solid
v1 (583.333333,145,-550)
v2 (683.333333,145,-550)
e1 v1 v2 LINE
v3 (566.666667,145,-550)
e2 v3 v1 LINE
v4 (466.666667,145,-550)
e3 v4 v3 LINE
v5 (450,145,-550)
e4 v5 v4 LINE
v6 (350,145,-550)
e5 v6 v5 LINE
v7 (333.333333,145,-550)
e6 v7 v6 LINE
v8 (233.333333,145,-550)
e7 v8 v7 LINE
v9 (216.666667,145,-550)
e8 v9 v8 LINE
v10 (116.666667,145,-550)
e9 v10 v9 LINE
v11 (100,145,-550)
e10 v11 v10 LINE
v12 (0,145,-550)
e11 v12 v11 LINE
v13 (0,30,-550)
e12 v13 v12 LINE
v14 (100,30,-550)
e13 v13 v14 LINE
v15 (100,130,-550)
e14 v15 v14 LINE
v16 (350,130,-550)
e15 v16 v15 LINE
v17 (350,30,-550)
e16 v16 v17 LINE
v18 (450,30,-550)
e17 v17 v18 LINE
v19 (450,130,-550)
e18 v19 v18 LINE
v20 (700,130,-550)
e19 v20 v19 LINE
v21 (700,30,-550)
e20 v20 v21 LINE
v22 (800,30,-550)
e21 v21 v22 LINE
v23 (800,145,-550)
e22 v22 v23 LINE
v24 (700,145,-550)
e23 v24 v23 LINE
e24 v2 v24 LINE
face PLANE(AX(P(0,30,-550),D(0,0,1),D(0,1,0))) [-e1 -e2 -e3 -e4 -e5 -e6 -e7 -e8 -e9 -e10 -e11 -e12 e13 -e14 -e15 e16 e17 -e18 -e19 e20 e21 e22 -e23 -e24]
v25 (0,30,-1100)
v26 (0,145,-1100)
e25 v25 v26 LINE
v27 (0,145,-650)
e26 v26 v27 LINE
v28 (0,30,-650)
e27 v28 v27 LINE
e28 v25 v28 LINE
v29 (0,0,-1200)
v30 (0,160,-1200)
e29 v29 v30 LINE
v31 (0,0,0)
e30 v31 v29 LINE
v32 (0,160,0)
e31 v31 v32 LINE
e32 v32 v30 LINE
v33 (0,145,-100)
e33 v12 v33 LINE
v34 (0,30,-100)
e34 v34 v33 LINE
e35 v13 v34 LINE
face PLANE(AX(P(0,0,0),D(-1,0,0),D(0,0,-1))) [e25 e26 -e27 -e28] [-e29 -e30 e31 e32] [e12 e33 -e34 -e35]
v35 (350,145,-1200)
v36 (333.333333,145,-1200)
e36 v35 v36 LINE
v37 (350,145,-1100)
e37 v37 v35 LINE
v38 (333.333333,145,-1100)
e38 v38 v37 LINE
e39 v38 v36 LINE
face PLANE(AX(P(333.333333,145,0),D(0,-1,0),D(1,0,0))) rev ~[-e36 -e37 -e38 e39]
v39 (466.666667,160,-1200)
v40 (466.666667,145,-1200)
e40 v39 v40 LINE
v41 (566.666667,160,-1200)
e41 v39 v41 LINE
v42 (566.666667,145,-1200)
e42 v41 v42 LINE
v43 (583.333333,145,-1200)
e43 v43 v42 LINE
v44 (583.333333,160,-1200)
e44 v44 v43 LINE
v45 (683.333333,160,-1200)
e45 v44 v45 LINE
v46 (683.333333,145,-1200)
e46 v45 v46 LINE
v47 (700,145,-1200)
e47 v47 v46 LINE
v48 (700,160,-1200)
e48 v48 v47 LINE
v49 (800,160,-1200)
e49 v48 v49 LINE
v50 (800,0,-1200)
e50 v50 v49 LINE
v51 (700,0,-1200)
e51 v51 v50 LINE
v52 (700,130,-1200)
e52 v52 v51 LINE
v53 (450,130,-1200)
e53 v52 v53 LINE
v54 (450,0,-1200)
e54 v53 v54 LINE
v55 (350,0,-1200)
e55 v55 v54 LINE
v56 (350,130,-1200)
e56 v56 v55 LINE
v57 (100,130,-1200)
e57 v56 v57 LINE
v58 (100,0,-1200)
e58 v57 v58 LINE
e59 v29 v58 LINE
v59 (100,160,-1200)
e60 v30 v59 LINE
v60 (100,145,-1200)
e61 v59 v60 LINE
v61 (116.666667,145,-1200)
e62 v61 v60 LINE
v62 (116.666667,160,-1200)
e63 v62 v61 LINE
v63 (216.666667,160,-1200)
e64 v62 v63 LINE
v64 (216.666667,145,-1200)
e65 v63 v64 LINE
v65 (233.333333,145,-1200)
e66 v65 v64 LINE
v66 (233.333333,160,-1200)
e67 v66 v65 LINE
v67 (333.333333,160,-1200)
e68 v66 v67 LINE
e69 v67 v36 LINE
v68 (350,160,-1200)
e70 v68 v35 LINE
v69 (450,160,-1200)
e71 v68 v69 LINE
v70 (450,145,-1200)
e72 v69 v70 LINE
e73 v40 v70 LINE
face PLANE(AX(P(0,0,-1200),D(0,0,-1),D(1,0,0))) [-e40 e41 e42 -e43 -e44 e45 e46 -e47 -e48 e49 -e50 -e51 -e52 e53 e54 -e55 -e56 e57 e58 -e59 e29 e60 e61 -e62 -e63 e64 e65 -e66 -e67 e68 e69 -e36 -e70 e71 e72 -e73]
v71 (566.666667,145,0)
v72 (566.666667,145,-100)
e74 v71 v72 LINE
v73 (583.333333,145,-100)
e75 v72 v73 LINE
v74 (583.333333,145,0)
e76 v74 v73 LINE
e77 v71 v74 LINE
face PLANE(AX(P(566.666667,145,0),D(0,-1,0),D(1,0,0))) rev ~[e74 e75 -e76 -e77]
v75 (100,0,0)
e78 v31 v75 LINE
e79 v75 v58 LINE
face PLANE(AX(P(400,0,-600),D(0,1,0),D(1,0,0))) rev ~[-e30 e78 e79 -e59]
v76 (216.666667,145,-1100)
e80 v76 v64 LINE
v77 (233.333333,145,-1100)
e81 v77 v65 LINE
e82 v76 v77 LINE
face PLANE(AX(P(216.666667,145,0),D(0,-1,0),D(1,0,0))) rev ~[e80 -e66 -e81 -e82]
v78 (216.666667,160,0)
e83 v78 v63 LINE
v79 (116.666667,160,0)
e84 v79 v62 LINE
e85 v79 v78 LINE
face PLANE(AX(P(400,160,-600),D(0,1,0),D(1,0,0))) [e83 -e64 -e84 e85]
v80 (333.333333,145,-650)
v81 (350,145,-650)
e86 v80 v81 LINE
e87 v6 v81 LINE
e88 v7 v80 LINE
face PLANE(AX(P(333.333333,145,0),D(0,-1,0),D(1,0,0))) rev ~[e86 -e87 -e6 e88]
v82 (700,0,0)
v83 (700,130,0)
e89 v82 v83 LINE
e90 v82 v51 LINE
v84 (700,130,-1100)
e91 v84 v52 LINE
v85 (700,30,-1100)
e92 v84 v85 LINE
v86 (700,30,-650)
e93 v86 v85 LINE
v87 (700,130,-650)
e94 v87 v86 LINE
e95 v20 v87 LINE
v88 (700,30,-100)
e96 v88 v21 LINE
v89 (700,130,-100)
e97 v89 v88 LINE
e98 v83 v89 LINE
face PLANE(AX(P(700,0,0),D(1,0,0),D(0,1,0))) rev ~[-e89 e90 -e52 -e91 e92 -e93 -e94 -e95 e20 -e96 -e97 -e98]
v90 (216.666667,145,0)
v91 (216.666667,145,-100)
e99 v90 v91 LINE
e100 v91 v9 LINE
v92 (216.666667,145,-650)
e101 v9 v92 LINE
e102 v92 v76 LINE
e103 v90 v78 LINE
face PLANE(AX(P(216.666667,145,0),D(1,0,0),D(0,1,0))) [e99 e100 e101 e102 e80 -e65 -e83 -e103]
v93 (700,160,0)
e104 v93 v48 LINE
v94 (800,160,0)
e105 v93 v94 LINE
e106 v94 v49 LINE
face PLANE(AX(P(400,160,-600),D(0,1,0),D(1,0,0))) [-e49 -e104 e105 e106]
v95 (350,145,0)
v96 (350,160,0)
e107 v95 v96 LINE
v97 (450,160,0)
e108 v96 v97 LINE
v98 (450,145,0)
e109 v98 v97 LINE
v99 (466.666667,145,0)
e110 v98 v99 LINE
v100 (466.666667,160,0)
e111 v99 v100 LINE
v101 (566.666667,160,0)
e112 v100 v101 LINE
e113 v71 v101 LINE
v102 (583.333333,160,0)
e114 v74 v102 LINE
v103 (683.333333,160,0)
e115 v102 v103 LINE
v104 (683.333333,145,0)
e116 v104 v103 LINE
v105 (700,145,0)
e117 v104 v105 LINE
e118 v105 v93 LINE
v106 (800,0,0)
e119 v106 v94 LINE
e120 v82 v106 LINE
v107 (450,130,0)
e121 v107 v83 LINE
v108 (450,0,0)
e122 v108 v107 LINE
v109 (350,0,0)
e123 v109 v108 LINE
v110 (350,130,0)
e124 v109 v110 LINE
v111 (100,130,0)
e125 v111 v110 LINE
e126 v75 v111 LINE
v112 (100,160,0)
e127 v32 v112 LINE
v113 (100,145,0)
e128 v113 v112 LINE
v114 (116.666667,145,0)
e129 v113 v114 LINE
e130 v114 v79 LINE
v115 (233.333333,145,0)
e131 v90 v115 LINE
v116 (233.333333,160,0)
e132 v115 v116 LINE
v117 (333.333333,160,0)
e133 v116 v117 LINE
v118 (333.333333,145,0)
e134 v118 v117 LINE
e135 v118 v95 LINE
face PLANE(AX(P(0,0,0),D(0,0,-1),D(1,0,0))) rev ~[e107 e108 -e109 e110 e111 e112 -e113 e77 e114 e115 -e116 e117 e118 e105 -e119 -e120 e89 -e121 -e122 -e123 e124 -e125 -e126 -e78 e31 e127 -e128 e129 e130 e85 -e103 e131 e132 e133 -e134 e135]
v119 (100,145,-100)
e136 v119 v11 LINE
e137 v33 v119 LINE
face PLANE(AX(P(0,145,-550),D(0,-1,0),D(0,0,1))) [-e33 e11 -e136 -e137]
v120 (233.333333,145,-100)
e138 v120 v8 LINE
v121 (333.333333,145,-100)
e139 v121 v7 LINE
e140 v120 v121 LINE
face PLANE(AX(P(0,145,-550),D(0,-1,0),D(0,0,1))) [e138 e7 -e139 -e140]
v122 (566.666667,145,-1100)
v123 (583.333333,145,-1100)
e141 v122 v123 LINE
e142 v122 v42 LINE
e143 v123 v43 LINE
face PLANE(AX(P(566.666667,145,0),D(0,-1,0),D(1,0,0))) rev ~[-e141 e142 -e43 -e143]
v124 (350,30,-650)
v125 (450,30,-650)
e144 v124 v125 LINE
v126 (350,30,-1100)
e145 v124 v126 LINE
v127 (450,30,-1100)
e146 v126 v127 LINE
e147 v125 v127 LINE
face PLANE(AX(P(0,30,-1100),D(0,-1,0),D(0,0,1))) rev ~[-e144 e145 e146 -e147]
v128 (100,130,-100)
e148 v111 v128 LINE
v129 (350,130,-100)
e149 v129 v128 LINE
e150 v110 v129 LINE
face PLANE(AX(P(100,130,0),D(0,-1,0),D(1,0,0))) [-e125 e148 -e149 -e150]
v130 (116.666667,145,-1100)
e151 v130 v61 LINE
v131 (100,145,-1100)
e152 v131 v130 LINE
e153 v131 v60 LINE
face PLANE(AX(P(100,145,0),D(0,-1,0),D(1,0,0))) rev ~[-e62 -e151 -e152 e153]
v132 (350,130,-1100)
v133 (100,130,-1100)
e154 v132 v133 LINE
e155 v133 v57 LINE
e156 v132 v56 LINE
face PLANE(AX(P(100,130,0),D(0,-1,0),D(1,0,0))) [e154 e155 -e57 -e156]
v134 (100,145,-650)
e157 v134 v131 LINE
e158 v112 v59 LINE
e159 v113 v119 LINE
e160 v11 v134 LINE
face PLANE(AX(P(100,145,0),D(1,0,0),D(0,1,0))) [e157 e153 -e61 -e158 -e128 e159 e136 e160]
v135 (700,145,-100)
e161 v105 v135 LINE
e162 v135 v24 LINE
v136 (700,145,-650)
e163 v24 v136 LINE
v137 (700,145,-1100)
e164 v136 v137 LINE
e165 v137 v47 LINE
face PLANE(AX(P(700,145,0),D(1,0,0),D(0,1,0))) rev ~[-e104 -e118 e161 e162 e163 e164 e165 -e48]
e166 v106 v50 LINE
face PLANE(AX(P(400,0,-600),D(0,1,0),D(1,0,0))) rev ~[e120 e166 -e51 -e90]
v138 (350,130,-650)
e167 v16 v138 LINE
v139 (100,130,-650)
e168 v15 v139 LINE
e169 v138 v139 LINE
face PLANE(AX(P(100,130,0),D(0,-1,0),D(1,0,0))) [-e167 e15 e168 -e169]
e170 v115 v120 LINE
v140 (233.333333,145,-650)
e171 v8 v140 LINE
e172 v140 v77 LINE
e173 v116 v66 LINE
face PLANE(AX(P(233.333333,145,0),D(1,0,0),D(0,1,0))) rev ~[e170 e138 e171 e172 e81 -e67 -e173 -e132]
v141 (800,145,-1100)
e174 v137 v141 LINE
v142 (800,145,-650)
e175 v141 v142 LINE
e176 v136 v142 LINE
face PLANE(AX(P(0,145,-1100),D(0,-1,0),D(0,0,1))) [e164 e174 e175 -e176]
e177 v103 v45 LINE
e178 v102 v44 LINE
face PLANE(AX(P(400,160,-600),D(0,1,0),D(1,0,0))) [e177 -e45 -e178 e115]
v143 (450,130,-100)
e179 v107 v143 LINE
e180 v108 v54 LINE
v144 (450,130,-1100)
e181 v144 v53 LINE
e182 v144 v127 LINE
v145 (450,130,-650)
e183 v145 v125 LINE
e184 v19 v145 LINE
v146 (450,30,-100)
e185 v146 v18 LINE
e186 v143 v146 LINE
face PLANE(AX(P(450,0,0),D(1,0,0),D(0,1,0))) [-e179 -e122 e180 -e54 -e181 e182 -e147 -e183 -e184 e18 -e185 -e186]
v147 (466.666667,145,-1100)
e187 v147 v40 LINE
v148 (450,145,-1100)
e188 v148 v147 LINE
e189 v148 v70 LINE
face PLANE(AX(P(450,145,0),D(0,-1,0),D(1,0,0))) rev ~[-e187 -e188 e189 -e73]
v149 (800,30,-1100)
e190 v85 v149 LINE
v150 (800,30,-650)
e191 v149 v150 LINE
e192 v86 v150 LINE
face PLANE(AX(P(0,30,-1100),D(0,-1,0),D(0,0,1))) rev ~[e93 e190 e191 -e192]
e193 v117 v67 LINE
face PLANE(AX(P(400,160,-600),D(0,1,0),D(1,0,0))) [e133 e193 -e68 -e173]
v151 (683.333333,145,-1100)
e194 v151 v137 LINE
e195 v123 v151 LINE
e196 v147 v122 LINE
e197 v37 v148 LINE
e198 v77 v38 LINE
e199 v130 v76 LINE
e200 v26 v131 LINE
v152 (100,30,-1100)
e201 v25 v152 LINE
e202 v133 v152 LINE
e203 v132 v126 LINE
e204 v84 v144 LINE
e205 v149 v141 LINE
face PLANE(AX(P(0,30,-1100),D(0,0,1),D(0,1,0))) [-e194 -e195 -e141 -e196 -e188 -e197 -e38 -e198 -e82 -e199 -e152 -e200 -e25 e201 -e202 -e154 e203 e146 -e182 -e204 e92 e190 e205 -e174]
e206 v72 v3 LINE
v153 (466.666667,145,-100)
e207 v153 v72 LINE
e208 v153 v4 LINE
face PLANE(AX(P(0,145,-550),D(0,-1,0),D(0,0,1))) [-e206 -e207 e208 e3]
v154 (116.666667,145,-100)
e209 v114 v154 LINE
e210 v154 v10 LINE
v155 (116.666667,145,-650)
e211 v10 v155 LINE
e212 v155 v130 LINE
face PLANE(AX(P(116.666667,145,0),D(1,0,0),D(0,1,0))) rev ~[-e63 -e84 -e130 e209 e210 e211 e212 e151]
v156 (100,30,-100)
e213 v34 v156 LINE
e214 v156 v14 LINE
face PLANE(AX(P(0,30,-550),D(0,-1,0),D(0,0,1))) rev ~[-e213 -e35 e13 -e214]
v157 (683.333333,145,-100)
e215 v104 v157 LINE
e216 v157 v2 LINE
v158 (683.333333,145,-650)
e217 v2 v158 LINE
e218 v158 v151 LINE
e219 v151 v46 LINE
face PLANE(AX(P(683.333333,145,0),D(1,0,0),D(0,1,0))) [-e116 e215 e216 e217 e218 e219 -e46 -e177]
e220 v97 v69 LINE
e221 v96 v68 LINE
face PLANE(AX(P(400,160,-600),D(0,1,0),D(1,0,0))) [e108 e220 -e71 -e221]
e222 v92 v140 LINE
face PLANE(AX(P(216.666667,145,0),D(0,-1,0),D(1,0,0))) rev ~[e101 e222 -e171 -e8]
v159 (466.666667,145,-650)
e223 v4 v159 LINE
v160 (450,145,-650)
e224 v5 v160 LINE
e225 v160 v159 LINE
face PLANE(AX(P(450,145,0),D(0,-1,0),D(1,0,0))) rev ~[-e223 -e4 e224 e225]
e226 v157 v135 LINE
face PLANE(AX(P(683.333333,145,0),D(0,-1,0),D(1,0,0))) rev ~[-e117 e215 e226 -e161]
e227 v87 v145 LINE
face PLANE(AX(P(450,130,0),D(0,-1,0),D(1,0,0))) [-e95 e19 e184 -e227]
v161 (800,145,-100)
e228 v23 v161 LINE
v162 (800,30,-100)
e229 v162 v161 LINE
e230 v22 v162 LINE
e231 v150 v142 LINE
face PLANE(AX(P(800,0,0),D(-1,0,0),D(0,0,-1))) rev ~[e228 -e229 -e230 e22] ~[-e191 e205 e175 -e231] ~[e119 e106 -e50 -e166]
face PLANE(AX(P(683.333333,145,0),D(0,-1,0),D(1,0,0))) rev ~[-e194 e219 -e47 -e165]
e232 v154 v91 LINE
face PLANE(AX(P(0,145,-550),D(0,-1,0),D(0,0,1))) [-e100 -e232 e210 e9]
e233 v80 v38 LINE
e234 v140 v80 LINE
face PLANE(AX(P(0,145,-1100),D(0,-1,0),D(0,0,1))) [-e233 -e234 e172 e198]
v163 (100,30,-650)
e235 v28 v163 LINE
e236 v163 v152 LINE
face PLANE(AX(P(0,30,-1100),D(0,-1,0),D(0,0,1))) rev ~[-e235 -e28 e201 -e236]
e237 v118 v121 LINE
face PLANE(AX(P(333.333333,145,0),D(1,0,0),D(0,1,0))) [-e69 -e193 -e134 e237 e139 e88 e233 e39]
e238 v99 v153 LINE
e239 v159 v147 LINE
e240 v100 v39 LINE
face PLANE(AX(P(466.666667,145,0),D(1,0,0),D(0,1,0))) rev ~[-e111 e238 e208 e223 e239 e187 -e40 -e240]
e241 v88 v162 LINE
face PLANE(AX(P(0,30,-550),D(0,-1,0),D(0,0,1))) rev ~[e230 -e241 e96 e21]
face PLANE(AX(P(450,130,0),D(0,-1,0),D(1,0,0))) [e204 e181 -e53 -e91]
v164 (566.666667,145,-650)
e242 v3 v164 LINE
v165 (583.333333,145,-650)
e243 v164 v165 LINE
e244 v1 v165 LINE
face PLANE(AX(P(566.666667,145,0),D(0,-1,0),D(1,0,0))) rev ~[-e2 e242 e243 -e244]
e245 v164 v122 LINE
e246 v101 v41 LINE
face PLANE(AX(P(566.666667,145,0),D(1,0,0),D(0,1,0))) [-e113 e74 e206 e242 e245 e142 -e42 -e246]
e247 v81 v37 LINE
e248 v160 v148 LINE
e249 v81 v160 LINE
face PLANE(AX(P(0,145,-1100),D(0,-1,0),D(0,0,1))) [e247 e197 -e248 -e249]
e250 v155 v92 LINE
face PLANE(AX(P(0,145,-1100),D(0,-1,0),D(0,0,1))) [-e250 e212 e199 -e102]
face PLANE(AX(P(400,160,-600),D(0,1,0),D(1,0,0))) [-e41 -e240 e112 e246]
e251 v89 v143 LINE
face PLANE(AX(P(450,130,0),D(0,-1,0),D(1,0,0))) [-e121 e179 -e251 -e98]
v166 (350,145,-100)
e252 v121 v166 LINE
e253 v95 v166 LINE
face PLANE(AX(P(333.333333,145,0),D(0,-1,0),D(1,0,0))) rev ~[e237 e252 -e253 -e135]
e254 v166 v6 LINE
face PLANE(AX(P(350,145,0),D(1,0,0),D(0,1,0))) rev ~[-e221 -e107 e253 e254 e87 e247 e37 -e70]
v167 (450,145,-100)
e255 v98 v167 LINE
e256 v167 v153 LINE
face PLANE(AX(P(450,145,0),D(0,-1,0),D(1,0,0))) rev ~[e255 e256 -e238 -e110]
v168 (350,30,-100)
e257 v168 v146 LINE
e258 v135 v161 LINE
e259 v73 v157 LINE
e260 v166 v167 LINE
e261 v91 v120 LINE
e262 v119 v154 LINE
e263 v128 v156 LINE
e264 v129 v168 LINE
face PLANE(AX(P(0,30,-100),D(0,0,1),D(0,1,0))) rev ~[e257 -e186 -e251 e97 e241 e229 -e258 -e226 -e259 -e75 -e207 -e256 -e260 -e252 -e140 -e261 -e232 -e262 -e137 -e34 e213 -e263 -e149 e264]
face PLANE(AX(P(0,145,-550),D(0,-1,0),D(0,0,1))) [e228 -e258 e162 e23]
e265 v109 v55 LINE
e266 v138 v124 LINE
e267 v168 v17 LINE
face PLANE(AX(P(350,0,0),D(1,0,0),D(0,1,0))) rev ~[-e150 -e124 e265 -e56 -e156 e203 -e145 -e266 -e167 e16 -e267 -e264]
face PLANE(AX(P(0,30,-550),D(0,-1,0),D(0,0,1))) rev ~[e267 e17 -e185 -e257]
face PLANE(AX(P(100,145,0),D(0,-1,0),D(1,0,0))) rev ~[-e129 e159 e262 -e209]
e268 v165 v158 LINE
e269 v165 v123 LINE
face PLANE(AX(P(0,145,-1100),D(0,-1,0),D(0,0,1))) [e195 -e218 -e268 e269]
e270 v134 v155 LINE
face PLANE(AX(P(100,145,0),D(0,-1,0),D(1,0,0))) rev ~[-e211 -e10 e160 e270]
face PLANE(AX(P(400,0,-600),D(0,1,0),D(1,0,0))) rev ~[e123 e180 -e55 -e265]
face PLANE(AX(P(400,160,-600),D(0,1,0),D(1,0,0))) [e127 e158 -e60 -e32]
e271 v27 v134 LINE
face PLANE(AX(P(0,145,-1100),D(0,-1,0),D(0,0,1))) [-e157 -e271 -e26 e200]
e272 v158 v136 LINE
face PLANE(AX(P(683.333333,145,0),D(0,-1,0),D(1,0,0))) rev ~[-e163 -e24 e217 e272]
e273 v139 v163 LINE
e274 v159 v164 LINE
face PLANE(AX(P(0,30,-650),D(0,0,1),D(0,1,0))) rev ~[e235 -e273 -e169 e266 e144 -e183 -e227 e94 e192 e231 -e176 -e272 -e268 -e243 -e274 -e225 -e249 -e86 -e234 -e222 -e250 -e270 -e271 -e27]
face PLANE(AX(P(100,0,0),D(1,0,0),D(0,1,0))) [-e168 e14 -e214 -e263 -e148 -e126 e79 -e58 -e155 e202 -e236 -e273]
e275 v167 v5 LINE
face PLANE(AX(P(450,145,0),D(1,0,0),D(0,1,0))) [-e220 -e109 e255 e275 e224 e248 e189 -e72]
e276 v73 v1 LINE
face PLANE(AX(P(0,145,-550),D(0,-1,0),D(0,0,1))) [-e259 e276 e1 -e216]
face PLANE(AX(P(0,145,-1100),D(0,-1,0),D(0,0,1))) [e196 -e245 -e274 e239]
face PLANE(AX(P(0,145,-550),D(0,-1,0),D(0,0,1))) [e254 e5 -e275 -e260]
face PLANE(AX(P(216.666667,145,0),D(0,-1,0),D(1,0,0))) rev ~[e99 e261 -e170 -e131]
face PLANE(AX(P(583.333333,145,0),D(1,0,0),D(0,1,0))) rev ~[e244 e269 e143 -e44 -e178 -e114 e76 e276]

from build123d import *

# Parameters (mm, degrees)
SKETCH1_W           = 800
SKETCH1_H           = 1200
BOSS_EXTRUDE1_DEPTH = 160
SKETCH2_W           = 250
SKETCH2_H           = 130
CUT_EXTRUDE1_DEPTH  = 1452.068571777
SKETCH3_W           = 450
SKETCH3_H           = 115
CUT_EXTRUDE2_DEPTH  = 1452.068571777
SKETCH4_W           = 16.666666667
SKETCH4_H           = 15
SKETCH4_W_2         = 16.666666666
CUT_EXTRUDE3_DEPTH  = 1452.068571777


with BuildPart() as part:
    # Sketch1 → Boss-Extrude1 (new body)
    with BuildSketch(Plane(origin=(0, 0, 0), x_dir=(1, 0, 0), z_dir=(0, 1, 0))):
        with Locations((400, 600)):
            Rectangle(SKETCH1_W, SKETCH1_H)
    extrude(amount=BOSS_EXTRUDE1_DEPTH)

    # Sketch2 → Cut-Extrude1 (cut, through all)
    with BuildSketch(Plane.XY):
        with Locations((225, 65)):
            Rectangle(SKETCH2_W, SKETCH2_H)
        with Locations((575, 65)):
            Rectangle(SKETCH2_W, SKETCH2_H)
    extrude(amount=-CUT_EXTRUDE1_DEPTH, mode=Mode.SUBTRACT)

    # Sketch3 → Cut-Extrude2 (cut, through all)
    with BuildSketch(Plane.ZY):
        with Locations((-875, 87.5)):
            Rectangle(SKETCH3_W, SKETCH3_H)
        with Locations((-325, 87.5)):
            Rectangle(SKETCH3_W, SKETCH3_H)
    extrude(amount=-CUT_EXTRUDE2_DEPTH, mode=Mode.SUBTRACT)

    # Sketch4 → Cut-Extrude3 (cut, through all)
    with BuildSketch(Plane.XY):
        with Locations((108.333333334, 152.5)):
            Rectangle(SKETCH4_W, SKETCH4_H)
        with Locations((225, 152.5)):
            Rectangle(SKETCH4_W_2, SKETCH4_H)
        with Locations((341.666666667, 152.5)):
            Rectangle(SKETCH4_W, SKETCH4_H)
        with Locations((458.333333334, 152.5)):
            Rectangle(SKETCH4_W, SKETCH4_H)
        with Locations((575, 152.5)):
            Rectangle(SKETCH4_W_2, SKETCH4_H)
        with Locations((691.666666667, 152.5)):
            Rectangle(SKETCH4_W, SKETCH4_H)
    extrude(amount=-CUT_EXTRUDE3_DEPTH, mode=Mode.SUBTRACT)


solid = part.part
